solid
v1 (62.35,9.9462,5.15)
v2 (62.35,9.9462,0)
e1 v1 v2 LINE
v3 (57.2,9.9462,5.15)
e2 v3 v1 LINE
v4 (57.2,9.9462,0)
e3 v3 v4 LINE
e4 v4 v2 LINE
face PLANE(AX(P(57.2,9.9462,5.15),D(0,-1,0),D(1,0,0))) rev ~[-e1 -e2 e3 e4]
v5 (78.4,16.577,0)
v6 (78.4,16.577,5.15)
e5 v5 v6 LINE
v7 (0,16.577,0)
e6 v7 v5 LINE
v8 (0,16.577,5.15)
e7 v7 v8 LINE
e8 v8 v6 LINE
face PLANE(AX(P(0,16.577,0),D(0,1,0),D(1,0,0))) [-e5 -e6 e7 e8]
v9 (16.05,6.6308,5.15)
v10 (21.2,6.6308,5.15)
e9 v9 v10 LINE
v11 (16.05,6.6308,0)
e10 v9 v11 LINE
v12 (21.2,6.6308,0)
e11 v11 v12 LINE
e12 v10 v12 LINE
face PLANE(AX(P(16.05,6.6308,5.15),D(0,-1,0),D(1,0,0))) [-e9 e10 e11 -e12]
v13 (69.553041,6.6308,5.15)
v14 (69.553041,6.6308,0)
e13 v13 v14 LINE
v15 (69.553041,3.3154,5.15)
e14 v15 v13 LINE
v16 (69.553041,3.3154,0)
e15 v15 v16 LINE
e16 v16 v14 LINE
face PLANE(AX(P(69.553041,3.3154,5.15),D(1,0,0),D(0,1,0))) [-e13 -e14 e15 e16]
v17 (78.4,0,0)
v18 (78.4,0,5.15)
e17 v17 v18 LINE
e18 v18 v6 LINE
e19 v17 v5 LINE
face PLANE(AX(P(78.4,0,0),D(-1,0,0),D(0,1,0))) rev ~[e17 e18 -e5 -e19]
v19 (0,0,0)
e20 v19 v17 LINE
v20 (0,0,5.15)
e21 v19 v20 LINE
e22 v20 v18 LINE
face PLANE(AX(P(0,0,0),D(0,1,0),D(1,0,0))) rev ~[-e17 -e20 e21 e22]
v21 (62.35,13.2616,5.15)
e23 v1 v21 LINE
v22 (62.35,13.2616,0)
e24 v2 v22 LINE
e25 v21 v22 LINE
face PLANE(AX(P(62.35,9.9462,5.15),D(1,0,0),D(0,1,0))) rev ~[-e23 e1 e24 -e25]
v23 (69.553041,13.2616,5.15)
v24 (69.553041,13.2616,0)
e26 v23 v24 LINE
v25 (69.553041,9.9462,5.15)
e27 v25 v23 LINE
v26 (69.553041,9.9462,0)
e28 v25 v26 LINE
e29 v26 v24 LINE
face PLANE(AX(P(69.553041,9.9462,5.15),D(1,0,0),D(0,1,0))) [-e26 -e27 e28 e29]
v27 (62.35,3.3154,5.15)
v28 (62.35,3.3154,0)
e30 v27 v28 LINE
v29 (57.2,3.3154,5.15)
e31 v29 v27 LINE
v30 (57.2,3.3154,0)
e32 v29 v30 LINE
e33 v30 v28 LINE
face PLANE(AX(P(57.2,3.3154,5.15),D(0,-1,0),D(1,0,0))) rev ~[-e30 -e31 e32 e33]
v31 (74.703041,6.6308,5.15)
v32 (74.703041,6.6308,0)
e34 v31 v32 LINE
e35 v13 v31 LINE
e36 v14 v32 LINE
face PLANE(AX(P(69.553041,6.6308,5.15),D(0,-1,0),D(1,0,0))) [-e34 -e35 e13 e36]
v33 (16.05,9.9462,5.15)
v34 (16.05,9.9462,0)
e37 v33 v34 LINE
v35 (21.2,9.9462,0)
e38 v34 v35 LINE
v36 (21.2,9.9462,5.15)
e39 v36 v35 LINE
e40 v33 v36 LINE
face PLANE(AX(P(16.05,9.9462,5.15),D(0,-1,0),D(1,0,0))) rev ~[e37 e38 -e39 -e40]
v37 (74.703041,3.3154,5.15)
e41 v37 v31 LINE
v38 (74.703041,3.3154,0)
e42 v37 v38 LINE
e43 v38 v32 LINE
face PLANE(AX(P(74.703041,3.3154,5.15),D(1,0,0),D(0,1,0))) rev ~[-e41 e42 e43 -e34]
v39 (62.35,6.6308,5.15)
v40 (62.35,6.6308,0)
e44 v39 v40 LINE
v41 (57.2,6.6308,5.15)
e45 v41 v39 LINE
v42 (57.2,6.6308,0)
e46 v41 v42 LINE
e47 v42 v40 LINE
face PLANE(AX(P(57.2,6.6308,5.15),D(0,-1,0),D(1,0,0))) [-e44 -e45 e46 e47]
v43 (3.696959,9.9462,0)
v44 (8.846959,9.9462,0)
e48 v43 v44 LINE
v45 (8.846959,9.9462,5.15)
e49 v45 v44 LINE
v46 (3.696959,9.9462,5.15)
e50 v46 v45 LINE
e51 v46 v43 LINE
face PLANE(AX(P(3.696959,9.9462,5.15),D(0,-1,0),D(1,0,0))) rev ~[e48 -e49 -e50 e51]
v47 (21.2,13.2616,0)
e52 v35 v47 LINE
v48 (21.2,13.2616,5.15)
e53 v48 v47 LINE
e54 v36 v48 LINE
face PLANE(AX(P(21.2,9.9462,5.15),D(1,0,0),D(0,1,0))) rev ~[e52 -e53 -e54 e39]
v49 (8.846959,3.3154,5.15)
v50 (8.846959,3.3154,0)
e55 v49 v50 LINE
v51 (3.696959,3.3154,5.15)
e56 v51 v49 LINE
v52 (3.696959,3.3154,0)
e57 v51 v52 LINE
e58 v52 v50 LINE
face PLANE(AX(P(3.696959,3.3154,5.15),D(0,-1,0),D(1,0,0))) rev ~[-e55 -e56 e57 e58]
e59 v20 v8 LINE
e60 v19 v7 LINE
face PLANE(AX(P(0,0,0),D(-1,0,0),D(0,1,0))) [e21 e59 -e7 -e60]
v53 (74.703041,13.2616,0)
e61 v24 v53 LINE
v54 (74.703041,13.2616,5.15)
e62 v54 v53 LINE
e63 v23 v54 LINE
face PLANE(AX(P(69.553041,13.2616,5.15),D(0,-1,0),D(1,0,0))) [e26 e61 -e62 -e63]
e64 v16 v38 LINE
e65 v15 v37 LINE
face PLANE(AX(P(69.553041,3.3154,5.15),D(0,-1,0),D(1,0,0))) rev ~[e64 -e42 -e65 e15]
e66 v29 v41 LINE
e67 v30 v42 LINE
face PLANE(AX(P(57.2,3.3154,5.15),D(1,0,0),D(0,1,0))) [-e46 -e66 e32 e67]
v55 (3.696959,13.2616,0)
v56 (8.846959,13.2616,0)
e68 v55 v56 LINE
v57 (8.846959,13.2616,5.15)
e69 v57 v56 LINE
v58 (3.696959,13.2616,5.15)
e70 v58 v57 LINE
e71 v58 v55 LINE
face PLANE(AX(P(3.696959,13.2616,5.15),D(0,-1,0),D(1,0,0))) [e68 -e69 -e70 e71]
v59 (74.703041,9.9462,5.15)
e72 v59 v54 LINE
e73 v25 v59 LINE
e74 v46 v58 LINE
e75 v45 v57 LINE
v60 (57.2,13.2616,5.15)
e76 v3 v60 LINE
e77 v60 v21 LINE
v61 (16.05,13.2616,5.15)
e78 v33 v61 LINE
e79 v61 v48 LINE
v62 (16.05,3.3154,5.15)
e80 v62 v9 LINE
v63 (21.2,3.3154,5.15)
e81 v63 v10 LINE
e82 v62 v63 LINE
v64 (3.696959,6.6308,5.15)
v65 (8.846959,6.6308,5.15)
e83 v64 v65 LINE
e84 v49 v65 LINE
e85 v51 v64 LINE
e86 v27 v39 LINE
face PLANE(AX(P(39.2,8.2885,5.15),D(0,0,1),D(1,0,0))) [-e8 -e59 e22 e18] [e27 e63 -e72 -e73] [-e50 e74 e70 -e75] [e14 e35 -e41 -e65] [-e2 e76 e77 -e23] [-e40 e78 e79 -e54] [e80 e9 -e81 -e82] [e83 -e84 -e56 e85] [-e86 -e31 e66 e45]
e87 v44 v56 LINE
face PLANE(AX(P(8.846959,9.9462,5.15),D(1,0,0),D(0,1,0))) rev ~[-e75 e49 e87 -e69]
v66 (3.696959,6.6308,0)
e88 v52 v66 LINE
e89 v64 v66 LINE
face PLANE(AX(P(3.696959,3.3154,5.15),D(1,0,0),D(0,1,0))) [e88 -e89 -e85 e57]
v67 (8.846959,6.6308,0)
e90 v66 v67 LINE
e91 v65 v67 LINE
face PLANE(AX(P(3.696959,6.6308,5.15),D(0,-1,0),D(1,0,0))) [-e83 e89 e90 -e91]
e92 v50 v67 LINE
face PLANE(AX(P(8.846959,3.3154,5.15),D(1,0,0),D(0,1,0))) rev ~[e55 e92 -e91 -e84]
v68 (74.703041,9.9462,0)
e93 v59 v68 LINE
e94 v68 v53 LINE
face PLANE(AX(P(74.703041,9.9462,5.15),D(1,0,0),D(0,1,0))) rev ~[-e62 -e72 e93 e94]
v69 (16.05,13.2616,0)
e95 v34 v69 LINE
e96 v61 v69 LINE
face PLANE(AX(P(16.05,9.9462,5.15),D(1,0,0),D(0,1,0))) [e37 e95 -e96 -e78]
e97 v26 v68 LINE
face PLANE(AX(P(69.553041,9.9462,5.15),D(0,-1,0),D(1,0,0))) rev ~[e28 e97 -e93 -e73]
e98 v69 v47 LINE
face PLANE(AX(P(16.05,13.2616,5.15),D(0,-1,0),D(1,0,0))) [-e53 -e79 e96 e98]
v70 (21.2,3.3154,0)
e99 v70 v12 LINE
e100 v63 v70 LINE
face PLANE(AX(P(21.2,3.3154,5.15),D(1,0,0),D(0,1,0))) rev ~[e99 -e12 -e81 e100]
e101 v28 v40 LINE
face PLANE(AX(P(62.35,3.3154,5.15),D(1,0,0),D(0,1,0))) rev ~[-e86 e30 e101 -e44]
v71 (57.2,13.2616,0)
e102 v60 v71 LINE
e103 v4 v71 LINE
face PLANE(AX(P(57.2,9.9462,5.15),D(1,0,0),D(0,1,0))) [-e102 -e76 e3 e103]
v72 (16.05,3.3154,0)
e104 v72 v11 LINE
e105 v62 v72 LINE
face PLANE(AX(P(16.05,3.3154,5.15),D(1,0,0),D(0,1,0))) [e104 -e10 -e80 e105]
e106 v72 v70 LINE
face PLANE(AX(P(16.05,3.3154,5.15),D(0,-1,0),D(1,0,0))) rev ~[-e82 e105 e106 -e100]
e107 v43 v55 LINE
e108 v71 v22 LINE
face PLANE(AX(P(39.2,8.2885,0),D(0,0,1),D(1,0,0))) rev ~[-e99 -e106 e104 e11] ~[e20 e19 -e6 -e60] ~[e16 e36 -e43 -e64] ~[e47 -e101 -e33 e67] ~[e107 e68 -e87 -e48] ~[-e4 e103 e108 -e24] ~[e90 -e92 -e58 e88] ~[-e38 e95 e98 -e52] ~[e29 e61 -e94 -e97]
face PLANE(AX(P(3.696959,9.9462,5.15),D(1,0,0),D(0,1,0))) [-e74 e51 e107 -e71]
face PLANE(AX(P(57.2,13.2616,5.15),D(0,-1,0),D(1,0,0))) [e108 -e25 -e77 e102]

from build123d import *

# Parameters (mm, degrees)
SKETCH1_W           = 78.4
SKETCH1_H           = 16.577
BOSS_EXTRUDE1_DEPTH = 5.15
SKETCH2_W           = 5.15
SKETCH2_H           = 3.3154
CUT_EXTRUDE1_DEPTH  = 6.15


with BuildPart() as part:
    # Sketch1 → Boss-Extrude1 (new body)
    with BuildSketch(Plane.XY):
        with Locations((39.2, 8.2885)):
            Rectangle(SKETCH1_W, SKETCH1_H)
    extrude(amount=BOSS_EXTRUDE1_DEPTH)

    # Sketch2 → Cut-Extrude1 (cut, through all)
    with BuildSketch(Plane.XY.offset(5.15)):
        with Locations((6.271959232, 11.6039)):
            Rectangle(SKETCH2_W, SKETCH2_H)
        with Locations((6.271959232, 4.9731)):
            Rectangle(SKETCH2_W, SKETCH2_H)
        with Locations((18.625, 11.6039)):
            Rectangle(SKETCH2_W, SKETCH2_H)
        with Locations((18.625, 4.9731)):
            Rectangle(SKETCH2_W, SKETCH2_H)
        with Locations((59.775, 4.9731)):
            Rectangle(SKETCH2_W, SKETCH2_H)
        with Locations((59.775, 11.6039)):
            Rectangle(SKETCH2_W, SKETCH2_H)
        with Locations((72.128040768, 4.9731)):
            Rectangle(SKETCH2_W, SKETCH2_H)
        with Locations((72.128040768, 11.6039)):
            Rectangle(SKETCH2_W, SKETCH2_H)
    extrude(amount=-CUT_EXTRUDE1_DEPTH, mode=Mode.SUBTRACT)


solid = part.part
